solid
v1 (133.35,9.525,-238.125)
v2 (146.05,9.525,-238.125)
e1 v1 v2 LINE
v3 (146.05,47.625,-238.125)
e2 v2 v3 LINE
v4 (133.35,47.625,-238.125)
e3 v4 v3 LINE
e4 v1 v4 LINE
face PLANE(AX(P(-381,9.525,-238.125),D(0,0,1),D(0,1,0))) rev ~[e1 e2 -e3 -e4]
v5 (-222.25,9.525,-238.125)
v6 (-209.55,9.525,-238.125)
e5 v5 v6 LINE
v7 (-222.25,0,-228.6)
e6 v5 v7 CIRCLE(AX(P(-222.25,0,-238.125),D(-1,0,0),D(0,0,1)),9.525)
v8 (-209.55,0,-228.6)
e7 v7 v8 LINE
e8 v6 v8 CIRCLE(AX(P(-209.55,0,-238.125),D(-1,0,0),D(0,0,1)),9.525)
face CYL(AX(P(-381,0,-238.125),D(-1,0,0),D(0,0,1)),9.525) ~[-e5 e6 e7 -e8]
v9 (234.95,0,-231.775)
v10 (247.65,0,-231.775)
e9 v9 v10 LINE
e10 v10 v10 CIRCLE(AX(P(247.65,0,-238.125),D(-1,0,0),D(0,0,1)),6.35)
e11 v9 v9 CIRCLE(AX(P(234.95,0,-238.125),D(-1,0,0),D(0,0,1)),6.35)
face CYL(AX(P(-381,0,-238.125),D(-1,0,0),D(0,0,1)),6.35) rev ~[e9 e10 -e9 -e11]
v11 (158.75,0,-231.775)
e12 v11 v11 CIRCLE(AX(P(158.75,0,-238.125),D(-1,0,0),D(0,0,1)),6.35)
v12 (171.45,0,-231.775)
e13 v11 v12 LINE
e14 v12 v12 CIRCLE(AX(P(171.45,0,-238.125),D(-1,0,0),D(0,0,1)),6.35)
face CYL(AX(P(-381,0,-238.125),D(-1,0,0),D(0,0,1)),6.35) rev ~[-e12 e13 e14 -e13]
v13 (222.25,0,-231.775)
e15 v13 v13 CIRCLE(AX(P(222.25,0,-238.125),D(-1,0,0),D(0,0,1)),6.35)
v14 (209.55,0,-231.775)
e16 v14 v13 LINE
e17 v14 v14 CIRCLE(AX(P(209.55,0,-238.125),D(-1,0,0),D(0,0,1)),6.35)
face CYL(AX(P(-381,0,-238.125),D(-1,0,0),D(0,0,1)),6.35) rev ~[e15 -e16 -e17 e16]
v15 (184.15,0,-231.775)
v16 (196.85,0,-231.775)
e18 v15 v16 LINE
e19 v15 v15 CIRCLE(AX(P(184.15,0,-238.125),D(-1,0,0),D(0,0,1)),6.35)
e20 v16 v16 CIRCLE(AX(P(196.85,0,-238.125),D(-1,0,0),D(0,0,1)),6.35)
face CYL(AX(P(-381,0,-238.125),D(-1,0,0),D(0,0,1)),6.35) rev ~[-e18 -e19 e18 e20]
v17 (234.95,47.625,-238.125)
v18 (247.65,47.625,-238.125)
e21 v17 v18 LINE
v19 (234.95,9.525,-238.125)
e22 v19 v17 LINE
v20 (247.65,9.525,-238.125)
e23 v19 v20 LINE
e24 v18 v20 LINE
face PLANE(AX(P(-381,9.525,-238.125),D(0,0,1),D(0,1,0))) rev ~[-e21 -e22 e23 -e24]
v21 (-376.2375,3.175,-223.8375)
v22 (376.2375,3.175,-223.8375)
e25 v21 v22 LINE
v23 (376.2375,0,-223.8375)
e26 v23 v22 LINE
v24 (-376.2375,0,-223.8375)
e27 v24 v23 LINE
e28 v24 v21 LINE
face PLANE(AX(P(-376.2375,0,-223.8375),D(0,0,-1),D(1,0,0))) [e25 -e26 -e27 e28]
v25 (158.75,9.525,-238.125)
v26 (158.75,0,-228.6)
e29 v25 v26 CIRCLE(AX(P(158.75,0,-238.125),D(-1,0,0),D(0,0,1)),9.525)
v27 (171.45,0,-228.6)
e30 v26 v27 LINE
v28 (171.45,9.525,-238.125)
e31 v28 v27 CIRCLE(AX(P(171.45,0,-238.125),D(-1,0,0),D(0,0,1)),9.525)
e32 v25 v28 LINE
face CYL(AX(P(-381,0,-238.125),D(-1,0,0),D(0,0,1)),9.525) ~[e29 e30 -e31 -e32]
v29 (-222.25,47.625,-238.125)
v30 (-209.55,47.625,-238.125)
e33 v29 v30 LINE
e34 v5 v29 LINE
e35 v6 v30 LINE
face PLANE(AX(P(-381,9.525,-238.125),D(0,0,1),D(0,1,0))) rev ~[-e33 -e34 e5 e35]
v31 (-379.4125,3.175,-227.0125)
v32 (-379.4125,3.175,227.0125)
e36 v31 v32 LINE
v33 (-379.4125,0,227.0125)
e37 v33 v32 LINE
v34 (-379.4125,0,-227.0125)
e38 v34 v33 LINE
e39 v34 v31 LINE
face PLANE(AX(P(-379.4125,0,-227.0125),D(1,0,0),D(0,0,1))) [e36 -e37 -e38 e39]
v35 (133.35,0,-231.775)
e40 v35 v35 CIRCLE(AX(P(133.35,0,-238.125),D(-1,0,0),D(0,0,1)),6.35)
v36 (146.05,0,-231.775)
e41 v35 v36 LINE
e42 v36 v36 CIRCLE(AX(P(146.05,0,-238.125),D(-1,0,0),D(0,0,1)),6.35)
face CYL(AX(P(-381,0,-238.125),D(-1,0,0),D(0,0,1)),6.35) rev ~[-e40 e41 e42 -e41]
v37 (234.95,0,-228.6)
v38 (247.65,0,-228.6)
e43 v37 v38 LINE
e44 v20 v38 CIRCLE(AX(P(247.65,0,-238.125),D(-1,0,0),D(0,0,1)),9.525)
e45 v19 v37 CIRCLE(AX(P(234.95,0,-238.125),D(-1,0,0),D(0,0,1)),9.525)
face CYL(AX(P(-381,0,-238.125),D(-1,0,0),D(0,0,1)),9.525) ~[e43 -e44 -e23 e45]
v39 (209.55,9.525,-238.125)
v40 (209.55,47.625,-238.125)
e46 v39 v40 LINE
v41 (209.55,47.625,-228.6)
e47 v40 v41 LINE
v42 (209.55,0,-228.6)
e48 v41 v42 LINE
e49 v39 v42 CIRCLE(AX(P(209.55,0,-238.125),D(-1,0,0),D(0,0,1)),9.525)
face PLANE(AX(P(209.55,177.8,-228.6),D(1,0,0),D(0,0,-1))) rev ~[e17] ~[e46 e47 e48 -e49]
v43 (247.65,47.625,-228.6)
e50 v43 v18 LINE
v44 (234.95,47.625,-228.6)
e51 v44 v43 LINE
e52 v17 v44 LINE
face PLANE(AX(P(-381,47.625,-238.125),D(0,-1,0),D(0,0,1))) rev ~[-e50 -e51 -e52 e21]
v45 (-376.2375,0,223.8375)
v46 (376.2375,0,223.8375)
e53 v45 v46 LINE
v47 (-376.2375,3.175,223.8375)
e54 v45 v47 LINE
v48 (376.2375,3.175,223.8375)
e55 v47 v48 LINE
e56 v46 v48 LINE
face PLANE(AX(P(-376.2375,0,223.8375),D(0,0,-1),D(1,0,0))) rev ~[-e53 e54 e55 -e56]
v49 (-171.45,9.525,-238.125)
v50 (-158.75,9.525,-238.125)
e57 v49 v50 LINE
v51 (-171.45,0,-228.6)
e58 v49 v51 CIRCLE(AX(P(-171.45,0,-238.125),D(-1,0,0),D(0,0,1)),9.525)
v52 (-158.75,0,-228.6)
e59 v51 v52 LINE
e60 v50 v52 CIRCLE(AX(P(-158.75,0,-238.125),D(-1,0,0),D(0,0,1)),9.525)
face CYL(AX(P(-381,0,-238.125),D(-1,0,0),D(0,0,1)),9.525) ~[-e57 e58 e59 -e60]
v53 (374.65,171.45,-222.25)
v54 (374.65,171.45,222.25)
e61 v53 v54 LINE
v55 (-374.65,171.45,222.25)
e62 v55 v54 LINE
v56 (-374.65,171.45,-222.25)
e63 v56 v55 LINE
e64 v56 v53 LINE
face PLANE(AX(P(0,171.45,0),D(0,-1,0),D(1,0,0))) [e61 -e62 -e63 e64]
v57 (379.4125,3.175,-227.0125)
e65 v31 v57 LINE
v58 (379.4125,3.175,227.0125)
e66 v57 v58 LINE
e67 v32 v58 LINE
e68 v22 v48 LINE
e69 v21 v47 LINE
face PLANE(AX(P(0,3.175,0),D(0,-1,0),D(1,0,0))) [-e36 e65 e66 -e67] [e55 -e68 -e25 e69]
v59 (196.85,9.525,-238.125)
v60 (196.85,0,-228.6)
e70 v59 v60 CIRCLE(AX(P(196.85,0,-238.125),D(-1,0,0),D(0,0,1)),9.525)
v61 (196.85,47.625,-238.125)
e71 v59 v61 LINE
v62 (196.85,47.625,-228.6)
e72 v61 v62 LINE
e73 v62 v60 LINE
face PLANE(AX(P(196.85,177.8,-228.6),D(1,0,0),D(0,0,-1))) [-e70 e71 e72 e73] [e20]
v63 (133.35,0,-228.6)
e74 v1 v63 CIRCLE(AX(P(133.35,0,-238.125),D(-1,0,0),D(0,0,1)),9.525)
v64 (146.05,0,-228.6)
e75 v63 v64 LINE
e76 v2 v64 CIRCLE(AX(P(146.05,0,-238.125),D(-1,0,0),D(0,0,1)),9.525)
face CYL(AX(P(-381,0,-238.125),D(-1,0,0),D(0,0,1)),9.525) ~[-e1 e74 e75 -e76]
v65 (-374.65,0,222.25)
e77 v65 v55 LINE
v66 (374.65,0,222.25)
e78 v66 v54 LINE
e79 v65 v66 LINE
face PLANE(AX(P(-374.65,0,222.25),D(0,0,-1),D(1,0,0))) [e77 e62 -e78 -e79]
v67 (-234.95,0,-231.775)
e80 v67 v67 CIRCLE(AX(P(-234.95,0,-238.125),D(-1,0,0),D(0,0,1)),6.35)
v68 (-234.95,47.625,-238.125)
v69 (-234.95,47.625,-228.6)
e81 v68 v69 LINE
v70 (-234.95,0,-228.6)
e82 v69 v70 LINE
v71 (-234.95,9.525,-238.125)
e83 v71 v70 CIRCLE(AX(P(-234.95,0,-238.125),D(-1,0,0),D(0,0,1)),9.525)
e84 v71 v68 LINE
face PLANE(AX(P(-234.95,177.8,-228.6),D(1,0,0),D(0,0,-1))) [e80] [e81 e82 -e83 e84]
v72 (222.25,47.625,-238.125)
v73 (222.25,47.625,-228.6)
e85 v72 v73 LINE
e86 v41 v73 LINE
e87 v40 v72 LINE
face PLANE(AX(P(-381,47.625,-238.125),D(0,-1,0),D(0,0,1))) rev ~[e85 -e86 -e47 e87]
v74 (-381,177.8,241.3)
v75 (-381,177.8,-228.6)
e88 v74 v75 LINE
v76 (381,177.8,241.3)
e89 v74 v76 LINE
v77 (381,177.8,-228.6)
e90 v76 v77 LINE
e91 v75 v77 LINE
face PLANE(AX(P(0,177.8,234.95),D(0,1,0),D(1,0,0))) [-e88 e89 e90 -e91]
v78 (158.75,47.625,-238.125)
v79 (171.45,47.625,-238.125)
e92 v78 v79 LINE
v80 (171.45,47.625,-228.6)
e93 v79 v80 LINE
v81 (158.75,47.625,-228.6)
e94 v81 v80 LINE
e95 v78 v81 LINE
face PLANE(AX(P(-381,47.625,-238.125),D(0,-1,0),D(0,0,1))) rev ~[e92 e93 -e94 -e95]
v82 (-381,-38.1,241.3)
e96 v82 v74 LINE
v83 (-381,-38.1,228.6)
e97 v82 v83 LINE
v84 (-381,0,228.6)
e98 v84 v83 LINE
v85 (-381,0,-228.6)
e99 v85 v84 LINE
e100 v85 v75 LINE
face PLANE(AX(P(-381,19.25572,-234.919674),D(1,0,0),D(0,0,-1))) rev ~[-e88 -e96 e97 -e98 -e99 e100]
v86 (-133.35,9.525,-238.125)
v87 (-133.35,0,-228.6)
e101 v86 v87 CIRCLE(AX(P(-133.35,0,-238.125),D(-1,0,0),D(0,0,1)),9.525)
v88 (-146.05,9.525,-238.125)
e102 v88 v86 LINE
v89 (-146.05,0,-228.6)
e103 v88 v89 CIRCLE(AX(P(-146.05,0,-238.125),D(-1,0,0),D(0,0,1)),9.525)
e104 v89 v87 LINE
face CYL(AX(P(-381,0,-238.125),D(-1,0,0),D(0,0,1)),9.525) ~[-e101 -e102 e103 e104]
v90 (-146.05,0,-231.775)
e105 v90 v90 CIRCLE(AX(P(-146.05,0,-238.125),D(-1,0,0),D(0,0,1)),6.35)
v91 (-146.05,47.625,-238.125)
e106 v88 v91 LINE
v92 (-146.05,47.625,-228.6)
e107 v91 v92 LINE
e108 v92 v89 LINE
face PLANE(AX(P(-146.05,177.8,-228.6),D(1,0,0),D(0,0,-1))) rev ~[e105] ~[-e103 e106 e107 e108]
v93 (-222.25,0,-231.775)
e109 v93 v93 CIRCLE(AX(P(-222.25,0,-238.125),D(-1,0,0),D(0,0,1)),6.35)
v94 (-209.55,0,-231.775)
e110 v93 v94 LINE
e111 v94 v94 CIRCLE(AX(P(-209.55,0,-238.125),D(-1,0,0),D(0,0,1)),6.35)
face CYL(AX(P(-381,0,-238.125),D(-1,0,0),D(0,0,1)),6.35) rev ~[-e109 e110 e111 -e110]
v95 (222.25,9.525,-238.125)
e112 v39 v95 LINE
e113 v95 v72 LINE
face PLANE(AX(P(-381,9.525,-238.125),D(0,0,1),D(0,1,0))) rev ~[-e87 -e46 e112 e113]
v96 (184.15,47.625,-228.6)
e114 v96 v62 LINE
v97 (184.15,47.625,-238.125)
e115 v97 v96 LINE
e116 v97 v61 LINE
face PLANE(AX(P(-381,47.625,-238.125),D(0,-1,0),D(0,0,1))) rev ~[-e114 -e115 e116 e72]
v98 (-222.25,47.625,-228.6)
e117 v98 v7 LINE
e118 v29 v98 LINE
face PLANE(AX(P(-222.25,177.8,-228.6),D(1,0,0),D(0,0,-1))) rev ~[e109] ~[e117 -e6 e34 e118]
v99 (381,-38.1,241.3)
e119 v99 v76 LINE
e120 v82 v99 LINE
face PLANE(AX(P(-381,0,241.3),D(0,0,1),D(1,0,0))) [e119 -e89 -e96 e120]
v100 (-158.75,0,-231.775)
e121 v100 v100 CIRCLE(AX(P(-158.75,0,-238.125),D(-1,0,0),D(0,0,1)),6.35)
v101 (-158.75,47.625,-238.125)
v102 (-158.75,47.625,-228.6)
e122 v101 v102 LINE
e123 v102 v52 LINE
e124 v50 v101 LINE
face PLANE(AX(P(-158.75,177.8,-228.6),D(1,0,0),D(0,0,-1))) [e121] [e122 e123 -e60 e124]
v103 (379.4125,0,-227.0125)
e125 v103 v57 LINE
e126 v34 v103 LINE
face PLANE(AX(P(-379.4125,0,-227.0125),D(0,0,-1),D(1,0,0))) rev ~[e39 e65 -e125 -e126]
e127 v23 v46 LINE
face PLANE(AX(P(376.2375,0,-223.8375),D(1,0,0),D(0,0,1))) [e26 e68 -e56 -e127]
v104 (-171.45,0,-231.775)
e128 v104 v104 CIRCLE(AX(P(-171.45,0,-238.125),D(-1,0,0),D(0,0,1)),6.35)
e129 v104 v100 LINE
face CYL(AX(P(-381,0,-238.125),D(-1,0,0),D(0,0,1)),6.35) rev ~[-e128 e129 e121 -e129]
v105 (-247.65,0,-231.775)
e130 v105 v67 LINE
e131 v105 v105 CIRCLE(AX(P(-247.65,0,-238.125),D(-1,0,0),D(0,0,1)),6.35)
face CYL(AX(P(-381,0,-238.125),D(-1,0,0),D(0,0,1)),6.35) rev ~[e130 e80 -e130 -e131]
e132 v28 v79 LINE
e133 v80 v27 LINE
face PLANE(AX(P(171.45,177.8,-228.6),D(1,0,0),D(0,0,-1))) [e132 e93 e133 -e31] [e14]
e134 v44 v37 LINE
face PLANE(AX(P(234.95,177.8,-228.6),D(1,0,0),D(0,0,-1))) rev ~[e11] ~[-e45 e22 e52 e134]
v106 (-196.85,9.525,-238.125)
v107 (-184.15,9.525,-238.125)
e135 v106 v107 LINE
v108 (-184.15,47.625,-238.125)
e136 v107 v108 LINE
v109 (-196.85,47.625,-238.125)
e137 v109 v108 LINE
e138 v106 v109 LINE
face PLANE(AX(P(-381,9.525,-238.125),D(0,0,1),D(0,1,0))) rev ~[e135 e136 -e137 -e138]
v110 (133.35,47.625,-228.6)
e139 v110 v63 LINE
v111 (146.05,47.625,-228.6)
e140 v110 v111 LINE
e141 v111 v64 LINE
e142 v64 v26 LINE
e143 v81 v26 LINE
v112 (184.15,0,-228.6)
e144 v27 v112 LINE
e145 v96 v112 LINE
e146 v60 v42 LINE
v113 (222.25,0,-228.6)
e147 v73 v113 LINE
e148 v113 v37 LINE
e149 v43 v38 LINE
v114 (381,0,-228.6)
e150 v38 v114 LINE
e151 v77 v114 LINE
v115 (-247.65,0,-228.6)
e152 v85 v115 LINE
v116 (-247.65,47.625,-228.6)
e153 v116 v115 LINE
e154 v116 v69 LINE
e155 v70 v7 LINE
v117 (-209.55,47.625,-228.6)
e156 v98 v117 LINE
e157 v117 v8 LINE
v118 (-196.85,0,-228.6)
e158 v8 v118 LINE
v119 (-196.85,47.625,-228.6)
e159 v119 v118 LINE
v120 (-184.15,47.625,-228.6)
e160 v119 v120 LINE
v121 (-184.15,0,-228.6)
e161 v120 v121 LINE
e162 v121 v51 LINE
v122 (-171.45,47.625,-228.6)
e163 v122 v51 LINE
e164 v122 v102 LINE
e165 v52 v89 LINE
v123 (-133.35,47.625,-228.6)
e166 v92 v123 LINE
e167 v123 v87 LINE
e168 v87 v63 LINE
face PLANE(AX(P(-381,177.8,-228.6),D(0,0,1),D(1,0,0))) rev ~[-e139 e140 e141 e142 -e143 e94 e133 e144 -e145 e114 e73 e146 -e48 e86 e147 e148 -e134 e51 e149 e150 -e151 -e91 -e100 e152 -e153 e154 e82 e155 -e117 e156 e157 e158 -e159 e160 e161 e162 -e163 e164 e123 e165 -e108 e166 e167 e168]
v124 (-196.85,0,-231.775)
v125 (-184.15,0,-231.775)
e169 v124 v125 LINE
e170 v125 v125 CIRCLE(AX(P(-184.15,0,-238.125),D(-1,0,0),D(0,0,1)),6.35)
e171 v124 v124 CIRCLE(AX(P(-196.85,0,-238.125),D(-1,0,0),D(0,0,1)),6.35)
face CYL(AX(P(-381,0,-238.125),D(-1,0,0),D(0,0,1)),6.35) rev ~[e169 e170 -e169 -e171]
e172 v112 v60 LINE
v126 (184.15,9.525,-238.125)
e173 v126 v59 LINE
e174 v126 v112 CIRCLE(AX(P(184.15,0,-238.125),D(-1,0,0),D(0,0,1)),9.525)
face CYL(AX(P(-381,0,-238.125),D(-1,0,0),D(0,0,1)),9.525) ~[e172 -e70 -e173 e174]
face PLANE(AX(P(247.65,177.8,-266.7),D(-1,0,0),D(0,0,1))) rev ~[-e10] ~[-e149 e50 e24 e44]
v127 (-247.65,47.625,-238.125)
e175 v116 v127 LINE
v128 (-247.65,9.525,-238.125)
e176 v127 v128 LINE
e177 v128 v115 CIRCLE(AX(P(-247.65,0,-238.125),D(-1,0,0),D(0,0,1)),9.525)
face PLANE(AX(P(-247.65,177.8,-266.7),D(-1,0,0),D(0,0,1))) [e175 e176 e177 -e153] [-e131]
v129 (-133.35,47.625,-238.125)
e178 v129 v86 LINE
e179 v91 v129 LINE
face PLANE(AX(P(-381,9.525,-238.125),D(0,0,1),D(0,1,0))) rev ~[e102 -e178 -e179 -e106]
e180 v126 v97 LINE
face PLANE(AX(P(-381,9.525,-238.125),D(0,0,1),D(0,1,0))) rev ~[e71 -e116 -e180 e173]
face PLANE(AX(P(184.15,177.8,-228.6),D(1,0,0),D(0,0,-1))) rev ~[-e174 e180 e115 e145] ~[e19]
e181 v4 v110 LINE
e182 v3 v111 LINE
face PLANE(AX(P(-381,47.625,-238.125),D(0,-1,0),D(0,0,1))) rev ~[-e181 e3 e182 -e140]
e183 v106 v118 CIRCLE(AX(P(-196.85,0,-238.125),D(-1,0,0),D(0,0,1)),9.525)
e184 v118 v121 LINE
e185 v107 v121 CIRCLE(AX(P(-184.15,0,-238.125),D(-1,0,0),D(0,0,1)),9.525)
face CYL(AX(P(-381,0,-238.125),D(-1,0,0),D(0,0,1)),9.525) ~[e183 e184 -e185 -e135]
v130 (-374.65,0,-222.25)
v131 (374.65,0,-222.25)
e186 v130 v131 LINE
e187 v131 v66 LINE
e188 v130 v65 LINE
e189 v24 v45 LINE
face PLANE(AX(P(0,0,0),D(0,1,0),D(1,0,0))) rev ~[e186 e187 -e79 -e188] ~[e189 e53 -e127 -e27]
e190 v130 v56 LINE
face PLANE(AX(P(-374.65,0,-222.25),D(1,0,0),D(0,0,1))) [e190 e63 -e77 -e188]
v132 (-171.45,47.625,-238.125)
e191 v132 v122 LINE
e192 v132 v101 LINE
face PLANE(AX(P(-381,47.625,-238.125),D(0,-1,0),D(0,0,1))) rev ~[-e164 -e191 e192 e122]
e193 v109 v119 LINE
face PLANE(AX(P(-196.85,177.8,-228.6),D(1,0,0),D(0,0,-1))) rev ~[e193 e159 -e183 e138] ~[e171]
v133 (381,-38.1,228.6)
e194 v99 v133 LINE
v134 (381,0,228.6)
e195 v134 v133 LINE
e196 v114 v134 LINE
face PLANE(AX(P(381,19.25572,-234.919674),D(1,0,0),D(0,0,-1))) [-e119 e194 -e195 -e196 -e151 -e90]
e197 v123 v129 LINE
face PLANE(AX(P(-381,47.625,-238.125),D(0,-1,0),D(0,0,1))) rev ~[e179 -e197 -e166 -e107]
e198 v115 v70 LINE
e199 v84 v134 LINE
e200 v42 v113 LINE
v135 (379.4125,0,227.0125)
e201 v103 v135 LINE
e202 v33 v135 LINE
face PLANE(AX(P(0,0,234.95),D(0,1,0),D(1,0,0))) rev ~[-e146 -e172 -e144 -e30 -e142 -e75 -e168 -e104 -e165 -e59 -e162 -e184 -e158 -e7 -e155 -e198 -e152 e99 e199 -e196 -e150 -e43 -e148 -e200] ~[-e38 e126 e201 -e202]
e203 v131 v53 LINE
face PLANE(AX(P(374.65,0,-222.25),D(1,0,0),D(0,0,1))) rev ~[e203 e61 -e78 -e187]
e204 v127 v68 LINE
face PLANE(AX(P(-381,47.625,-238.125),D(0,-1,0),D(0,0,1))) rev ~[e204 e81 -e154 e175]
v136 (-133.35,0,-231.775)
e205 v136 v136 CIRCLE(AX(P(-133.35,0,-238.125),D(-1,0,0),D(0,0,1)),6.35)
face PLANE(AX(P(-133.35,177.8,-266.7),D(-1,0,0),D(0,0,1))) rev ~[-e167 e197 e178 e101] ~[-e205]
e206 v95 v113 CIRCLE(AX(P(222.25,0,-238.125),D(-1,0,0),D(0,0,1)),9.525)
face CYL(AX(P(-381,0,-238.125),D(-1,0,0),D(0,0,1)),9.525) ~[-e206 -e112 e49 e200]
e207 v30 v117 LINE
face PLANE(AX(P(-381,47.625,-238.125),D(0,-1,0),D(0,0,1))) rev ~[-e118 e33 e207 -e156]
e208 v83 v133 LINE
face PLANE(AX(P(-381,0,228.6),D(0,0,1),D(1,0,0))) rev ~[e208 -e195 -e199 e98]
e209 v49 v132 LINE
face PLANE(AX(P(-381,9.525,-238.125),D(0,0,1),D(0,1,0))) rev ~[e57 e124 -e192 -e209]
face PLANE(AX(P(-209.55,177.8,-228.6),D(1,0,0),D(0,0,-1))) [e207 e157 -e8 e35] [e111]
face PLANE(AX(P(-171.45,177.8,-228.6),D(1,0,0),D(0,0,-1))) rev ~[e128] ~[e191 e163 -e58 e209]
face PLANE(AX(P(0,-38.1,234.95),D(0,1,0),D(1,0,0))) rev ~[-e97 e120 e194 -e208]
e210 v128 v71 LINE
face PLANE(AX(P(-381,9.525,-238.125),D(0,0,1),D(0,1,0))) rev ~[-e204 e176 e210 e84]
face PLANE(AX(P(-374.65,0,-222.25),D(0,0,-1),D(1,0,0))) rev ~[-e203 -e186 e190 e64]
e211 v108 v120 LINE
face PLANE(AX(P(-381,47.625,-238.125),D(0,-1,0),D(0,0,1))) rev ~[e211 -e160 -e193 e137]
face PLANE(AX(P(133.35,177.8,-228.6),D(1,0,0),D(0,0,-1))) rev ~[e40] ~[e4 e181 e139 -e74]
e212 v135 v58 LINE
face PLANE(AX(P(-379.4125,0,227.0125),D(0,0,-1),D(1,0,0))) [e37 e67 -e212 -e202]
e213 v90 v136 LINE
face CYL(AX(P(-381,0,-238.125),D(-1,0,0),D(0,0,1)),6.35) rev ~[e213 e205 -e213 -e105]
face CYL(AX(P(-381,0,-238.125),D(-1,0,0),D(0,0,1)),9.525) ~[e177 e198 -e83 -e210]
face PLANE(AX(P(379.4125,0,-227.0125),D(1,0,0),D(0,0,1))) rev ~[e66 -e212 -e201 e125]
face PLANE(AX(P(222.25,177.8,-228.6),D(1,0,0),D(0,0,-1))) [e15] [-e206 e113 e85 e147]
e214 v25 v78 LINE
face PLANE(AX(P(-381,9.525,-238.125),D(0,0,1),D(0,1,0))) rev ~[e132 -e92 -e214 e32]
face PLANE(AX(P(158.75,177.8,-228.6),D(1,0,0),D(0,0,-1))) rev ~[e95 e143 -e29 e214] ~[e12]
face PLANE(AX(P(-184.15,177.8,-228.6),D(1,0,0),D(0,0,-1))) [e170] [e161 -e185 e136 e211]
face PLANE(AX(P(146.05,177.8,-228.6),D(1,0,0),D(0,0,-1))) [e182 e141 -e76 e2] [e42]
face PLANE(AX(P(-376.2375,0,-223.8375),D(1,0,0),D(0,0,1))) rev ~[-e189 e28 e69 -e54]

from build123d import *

# Parameters (mm, degrees)
SKETCH1_W                = 762
SKETCH1_H                = 457.2
BOSS_EXTRUDE1_DEPTH      = 177.8
SKETCH2_W                = 749.3
SKETCH2_H                = 444.5
CUT_EXTRUDE1_DEPTH       = 171.45
SKETCH4_W                = 758.825
SKETCH4_H                = 454.025
SKETCH4_W_2              = 752.475
SKETCH4_H_2              = 447.675
CUT_EXTRUDE3_DEPTH       = 3.175
SKETCH5_W                = 762
SKETCH5_H                = 12.7
BOSS_EXTRUDE2_DEPTH      = 177.8
BOSS_EXTRUDE2_DEPTH_BACK = 38.1
SKETCH7_R                = 6.35
BOSS_EXTRUDE3_DEPTH      = 762
SKETCH8_W                = 12.7
SKETCH8_H                = 38.1
CUT_EXTRUDE4_DEPTH       = 202.692


with BuildPart() as part:
    # Sketch1 → Boss-Extrude1 (new body)
    with BuildSketch(Plane(origin=(0, 0, 0), x_dir=(1, 0, 0), z_dir=(0, 1, 0))):
        Rectangle(SKETCH1_W, SKETCH1_H)
    extrude(amount=BOSS_EXTRUDE1_DEPTH)

    # Sketch2 → Cut-Extrude1 (cut)
    with BuildSketch(Plane.XZ):
        Rectangle(SKETCH2_W, SKETCH2_H)
    extrude(amount=-CUT_EXTRUDE1_DEPTH, mode=Mode.SUBTRACT)

    # Sketch4 → Cut-Extrude3 (cut)
    with BuildSketch(Plane.XZ):
        Rectangle(SKETCH4_W, SKETCH4_H)
        Rectangle(SKETCH4_W_2, SKETCH4_H_2, mode=Mode.SUBTRACT)
    extrude(amount=-CUT_EXTRUDE3_DEPTH, mode=Mode.SUBTRACT)

    # Sketch5 → Boss-Extrude2 (add, two sides)
    with BuildSketch(Plane(origin=(0, 0, 0), x_dir=(1, 0, 0), z_dir=(0, 1, 0))) as boss_extrude2_sk:
        with Locations((0, -234.95)):
            Rectangle(SKETCH5_W, SKETCH5_H)
    extrude(amount=BOSS_EXTRUDE2_DEPTH)
    extrude(boss_extrude2_sk.sketch, amount=-BOSS_EXTRUDE2_DEPTH_BACK)

    # Sketch7 → Boss-Extrude3 (add)
    with BuildSketch(Plane.ZY.offset(381)):
        with BuildLine():
            Line((-238.125, 9.525), (-238.125, 47.625))
            Line((-238.125, 47.625), (-228.6, 47.625))
            Line((-228.6, 47.625), (-228.6, 0))
            ThreePointArc((-228.6, 0), (-244.860192091, -6.735192091), (-238.125, 9.525))
        make_face()
        with Locations((-238.125, 0)):
            Circle(SKETCH7_R, mode=Mode.SUBTRACT)
    extrude(amount=-BOSS_EXTRUDE3_DEPTH)

    # Sketch8 → Cut-Extrude4 (cut)
    with BuildSketch(Plane(origin=(0, 177.8, 0), x_dir=(1, 0, 0), z_dir=(0, 1, 0))):
        Polygon((-120.65, 266.7), (-133.35, 266.7), (-133.35, 228.6), (-120.65, 228.6), (120.65, 228.6), (133.35, 228.6), (133.35, 266.7), (120.65, 266.7), align=None)
        with Locations((-152.4, 247.65)):
            Rectangle(SKETCH8_W, SKETCH8_H)
        Polygon((-247.65, 228.6), (-260.35, 228.6), (-381, 228.6), (-381, 266.7), (-260.35, 266.7), (-247.65, 266.7), align=None)
        with Locations((-177.8, 247.65)):
            Rectangle(SKETCH8_W, SKETCH8_H)
        with Locations((-228.6, 247.65)):
            Rectangle(SKETCH8_W, SKETCH8_H)
        with Locations((-203.2, 247.65)):
            Rectangle(SKETCH8_W, SKETCH8_H)
        with Locations((152.4, 247.65)):
            Rectangle(SKETCH8_W, SKETCH8_H)
        with Locations((177.8, 247.65)):
            Rectangle(SKETCH8_W, SKETCH8_H)
        with Locations((203.2, 247.65)):
            Rectangle(SKETCH8_W, SKETCH8_H)
        with Locations((228.6, 247.65)):
            Rectangle(SKETCH8_W, SKETCH8_H)
        Polygon((247.65, 266.7), (247.65, 228.6), (260.35, 228.6), (381, 228.6), (381, 266.7), (260.35, 266.7), align=None)
    extrude(amount=-CUT_EXTRUDE4_DEPTH, mode=Mode.SUBTRACT)


solid = part.part
